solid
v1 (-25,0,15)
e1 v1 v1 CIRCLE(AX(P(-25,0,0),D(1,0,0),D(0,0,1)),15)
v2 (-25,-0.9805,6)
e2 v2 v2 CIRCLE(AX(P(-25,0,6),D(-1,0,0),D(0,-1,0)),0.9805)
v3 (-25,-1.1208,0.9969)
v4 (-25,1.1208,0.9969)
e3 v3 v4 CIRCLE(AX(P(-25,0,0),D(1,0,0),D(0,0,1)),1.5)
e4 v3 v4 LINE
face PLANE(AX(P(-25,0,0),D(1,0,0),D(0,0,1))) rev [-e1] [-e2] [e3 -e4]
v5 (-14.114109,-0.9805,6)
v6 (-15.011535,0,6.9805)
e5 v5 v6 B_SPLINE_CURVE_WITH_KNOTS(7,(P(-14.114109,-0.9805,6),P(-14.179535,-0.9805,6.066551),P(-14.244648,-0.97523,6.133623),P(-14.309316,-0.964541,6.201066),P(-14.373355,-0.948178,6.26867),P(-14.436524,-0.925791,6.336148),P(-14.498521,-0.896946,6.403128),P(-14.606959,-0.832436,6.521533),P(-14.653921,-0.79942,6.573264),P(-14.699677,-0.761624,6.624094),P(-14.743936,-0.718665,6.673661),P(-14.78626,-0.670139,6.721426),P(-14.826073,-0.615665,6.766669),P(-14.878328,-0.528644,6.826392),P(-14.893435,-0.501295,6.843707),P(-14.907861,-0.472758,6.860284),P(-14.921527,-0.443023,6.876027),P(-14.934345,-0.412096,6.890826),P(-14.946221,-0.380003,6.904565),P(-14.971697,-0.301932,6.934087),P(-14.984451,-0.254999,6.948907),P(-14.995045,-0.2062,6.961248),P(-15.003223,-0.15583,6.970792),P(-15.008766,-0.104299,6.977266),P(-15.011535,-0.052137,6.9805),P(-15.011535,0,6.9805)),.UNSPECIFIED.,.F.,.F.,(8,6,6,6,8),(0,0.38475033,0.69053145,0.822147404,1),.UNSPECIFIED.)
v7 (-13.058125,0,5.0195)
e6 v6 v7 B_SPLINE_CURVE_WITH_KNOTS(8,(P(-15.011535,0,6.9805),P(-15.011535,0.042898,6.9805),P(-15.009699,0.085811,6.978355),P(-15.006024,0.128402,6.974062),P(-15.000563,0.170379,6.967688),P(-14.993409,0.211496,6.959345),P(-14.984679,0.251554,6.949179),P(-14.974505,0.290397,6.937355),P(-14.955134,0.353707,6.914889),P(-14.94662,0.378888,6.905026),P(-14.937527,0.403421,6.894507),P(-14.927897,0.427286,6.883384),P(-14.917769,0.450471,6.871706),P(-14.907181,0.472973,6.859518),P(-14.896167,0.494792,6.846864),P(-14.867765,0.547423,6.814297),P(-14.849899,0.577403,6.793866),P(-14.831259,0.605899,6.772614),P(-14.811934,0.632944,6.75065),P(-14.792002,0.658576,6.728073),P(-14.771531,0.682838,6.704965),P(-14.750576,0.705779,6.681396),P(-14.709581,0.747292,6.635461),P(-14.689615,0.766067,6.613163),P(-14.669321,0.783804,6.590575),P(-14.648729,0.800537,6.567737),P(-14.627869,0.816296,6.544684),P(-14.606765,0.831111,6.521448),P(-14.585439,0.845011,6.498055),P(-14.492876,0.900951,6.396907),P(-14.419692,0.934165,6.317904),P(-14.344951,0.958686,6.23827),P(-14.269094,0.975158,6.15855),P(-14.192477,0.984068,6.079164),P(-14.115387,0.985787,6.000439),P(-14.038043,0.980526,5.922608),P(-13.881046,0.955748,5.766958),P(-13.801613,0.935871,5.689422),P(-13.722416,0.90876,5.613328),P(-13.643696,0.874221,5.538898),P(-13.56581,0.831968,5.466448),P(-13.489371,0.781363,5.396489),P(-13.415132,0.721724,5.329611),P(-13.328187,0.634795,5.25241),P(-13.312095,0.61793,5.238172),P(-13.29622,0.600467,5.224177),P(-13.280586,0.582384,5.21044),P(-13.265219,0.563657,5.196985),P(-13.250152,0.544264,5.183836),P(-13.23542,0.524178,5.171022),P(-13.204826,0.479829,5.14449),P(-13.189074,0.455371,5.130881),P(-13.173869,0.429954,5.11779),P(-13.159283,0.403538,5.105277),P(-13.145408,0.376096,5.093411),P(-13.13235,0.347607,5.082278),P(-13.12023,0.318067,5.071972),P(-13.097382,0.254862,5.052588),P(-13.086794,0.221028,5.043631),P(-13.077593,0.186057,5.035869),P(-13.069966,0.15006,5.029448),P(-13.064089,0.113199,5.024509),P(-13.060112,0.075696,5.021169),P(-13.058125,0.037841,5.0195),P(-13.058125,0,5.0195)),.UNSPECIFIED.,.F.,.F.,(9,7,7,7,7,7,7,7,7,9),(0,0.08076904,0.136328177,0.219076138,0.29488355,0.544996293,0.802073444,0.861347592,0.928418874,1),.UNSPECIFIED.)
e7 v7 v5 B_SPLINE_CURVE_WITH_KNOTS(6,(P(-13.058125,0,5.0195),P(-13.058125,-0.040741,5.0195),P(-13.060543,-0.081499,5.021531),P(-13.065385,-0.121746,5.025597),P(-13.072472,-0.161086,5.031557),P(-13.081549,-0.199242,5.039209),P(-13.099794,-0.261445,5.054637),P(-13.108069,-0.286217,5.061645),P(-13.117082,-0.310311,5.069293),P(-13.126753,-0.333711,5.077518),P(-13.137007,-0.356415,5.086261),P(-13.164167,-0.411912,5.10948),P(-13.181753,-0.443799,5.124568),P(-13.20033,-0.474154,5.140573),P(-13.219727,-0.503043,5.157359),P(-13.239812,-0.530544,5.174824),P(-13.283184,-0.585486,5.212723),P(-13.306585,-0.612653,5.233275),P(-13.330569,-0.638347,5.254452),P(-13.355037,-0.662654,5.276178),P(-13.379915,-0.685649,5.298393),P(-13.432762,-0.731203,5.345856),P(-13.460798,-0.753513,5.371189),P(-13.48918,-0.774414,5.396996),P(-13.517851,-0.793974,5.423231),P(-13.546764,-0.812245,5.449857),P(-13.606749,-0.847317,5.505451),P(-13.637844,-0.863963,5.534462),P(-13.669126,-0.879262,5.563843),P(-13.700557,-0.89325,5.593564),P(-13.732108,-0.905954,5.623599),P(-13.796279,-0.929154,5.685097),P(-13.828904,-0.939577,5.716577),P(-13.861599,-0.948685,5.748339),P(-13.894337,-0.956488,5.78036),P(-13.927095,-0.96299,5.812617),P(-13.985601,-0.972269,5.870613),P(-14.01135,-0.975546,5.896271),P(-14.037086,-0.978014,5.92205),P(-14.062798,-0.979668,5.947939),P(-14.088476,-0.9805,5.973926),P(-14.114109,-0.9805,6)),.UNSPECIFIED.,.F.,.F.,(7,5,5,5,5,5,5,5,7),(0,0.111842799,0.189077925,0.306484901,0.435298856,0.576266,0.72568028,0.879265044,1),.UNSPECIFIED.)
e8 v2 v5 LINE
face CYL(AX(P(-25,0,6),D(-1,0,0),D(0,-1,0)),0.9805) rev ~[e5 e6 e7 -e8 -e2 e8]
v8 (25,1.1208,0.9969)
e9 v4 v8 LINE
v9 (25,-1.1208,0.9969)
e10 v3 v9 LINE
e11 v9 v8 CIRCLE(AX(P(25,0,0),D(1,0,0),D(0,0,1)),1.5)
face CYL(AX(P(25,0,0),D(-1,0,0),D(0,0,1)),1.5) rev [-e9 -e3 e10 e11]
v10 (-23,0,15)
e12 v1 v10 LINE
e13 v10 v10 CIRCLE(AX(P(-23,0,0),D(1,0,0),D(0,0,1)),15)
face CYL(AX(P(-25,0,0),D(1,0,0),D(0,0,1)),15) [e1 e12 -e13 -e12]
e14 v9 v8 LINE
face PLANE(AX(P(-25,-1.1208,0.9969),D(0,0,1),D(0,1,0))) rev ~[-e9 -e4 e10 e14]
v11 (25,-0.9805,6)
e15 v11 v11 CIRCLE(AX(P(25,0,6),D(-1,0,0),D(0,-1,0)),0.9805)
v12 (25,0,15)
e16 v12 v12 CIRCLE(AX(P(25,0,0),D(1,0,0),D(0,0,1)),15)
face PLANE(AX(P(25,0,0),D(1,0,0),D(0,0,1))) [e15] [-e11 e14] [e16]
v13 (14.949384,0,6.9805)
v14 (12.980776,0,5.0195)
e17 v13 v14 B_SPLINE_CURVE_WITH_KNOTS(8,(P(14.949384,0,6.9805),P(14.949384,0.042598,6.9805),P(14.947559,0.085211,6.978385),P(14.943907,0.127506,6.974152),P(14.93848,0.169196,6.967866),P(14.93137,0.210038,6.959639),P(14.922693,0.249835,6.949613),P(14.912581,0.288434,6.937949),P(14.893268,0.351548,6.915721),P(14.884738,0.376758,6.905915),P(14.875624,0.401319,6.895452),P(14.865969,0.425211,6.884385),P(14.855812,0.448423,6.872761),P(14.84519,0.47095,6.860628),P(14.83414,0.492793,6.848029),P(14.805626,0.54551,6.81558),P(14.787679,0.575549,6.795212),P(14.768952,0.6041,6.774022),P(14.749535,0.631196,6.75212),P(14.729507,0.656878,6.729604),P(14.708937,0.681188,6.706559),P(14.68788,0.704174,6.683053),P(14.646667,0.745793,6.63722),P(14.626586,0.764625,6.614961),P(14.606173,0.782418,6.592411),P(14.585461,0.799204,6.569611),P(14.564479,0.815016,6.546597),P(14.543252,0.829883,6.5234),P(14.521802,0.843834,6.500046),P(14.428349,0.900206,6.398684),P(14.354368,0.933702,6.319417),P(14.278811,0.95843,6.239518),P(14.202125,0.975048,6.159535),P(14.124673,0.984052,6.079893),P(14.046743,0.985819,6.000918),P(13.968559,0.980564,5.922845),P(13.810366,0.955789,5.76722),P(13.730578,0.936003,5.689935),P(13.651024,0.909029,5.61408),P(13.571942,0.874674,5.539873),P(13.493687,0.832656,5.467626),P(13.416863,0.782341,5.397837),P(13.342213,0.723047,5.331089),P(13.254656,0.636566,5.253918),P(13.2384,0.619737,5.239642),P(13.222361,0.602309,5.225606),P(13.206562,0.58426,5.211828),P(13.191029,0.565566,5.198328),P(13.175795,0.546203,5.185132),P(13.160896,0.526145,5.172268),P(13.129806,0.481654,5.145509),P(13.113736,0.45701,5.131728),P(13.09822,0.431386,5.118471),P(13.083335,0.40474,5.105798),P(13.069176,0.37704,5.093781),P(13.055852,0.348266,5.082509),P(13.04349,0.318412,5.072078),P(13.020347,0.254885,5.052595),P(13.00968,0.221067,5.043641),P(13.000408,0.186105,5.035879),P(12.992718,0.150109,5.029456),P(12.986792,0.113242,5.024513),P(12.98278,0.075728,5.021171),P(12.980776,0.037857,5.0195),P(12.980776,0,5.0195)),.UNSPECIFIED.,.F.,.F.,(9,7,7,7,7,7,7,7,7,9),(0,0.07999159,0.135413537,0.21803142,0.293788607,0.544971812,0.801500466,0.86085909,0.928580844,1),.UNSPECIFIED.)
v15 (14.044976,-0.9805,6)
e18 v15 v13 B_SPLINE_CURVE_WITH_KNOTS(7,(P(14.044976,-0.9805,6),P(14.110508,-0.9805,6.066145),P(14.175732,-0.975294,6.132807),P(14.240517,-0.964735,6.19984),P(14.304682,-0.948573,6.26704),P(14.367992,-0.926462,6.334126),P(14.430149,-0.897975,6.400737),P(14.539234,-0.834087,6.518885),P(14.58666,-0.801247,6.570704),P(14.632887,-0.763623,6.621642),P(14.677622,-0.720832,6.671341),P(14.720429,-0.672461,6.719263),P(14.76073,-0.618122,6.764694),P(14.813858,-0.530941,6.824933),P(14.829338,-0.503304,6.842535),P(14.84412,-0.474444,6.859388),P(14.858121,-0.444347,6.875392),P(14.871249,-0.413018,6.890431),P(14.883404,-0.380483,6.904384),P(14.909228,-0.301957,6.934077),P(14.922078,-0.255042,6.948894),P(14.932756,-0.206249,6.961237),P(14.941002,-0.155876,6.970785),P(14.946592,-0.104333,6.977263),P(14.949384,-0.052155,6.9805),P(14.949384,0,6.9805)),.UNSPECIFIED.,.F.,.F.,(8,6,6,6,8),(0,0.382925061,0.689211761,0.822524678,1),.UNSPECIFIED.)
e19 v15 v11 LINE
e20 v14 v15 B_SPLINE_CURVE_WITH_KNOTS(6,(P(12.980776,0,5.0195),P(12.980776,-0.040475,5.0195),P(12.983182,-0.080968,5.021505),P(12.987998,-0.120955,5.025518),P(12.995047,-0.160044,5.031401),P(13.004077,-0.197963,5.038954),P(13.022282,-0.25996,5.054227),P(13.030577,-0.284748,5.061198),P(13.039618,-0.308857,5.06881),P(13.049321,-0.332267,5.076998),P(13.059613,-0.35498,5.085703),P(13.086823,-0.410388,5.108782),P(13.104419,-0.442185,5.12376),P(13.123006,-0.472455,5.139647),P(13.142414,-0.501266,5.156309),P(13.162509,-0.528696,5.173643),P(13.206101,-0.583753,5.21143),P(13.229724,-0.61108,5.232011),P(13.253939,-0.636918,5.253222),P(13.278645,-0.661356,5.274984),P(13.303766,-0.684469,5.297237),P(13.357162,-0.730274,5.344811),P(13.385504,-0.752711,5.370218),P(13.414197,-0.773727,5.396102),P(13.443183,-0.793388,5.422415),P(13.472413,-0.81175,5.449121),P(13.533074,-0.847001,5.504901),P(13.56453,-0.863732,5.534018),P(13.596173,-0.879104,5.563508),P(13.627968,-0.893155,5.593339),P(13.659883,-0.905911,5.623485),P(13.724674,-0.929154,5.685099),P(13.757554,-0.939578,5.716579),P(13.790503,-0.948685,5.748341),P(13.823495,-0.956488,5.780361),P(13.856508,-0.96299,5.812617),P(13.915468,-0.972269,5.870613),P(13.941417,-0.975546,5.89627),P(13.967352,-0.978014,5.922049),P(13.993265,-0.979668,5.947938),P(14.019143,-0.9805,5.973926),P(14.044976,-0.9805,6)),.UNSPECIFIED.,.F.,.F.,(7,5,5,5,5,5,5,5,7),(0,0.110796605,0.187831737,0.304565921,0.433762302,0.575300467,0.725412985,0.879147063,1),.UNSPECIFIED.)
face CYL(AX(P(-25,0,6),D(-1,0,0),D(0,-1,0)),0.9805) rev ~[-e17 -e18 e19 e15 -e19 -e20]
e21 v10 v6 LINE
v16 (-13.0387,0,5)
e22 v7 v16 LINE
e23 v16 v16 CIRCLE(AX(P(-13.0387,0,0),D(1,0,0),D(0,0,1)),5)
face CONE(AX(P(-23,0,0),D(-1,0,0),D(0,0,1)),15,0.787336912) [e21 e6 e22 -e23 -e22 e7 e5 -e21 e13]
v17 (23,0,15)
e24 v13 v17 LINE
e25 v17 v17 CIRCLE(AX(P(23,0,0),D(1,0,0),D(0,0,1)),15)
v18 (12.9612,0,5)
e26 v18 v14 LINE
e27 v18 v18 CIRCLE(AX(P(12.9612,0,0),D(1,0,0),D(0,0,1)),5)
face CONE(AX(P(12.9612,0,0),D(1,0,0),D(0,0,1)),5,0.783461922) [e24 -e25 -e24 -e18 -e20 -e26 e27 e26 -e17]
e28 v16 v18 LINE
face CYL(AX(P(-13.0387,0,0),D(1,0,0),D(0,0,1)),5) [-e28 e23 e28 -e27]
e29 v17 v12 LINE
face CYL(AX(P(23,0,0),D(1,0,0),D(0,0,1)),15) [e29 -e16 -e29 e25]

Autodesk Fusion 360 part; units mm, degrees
sketch "Esquisse1" plane through (0, 0, 0) normal (0, 1, 0) x (1, 0, 0)
  line L0 (-25, -1.5) -> (-25, -15)
  line L1 (-25, -15) -> (-23, -15)
  line L2 (-23, -15) -> (-13.0387, -5)
  line L3 (-13.0387, -5) -> (12.9612, -5)
  line L4 (12.9612, -5) -> (23, -15)
  line L5 (23, -15) -> (25, -15)
  line L6 (25, -15) -> (25, -1.5)
  line L7 (25, -1.5) -> (-25, -1.5)
revolve "Révolution1" add sketch "Esquisse1" angle 360 about axis through (1.75, 0, 0) along (1, 0, 0)
sketch "Esquisse2" plane through (-25, 0, 0) normal (-1, 0, 0) x (0, -1, 0)
  circle A0 centre (0, 0) radius 15
  circle A1 centre (0, 0) radius 1.5
  line L0 (1.1208, 0.9969) -> (-1.1208, 0.9969)
  arc A2 (1.1208, 0.9969) -> (-1.1208, 0.9969) centre (0, 0) ccw
extrude "Extrusion1" add sketch "Esquisse2" against normal up to surface (50 mm away) contours A1 L0 A2
sketch "Esquisse3" plane through (-25, 0, 0) normal (-1, 0, 0) x (0, -1, 0)
  circle A0 centre (0, 0) radius 15
  arc A1 (-1.1208, 0.9969) -> (1.1208, 0.9969) centre (0, 0) ccw
  line L0 (-1.1208, 0.9969) -> (1.1208, 0.9969)
  circle A2 centre (0, 6) radius 0.9805
extrude "Extrusion2" cut sketch "Esquisse3" against normal up to surface (50 mm away) contours A2
